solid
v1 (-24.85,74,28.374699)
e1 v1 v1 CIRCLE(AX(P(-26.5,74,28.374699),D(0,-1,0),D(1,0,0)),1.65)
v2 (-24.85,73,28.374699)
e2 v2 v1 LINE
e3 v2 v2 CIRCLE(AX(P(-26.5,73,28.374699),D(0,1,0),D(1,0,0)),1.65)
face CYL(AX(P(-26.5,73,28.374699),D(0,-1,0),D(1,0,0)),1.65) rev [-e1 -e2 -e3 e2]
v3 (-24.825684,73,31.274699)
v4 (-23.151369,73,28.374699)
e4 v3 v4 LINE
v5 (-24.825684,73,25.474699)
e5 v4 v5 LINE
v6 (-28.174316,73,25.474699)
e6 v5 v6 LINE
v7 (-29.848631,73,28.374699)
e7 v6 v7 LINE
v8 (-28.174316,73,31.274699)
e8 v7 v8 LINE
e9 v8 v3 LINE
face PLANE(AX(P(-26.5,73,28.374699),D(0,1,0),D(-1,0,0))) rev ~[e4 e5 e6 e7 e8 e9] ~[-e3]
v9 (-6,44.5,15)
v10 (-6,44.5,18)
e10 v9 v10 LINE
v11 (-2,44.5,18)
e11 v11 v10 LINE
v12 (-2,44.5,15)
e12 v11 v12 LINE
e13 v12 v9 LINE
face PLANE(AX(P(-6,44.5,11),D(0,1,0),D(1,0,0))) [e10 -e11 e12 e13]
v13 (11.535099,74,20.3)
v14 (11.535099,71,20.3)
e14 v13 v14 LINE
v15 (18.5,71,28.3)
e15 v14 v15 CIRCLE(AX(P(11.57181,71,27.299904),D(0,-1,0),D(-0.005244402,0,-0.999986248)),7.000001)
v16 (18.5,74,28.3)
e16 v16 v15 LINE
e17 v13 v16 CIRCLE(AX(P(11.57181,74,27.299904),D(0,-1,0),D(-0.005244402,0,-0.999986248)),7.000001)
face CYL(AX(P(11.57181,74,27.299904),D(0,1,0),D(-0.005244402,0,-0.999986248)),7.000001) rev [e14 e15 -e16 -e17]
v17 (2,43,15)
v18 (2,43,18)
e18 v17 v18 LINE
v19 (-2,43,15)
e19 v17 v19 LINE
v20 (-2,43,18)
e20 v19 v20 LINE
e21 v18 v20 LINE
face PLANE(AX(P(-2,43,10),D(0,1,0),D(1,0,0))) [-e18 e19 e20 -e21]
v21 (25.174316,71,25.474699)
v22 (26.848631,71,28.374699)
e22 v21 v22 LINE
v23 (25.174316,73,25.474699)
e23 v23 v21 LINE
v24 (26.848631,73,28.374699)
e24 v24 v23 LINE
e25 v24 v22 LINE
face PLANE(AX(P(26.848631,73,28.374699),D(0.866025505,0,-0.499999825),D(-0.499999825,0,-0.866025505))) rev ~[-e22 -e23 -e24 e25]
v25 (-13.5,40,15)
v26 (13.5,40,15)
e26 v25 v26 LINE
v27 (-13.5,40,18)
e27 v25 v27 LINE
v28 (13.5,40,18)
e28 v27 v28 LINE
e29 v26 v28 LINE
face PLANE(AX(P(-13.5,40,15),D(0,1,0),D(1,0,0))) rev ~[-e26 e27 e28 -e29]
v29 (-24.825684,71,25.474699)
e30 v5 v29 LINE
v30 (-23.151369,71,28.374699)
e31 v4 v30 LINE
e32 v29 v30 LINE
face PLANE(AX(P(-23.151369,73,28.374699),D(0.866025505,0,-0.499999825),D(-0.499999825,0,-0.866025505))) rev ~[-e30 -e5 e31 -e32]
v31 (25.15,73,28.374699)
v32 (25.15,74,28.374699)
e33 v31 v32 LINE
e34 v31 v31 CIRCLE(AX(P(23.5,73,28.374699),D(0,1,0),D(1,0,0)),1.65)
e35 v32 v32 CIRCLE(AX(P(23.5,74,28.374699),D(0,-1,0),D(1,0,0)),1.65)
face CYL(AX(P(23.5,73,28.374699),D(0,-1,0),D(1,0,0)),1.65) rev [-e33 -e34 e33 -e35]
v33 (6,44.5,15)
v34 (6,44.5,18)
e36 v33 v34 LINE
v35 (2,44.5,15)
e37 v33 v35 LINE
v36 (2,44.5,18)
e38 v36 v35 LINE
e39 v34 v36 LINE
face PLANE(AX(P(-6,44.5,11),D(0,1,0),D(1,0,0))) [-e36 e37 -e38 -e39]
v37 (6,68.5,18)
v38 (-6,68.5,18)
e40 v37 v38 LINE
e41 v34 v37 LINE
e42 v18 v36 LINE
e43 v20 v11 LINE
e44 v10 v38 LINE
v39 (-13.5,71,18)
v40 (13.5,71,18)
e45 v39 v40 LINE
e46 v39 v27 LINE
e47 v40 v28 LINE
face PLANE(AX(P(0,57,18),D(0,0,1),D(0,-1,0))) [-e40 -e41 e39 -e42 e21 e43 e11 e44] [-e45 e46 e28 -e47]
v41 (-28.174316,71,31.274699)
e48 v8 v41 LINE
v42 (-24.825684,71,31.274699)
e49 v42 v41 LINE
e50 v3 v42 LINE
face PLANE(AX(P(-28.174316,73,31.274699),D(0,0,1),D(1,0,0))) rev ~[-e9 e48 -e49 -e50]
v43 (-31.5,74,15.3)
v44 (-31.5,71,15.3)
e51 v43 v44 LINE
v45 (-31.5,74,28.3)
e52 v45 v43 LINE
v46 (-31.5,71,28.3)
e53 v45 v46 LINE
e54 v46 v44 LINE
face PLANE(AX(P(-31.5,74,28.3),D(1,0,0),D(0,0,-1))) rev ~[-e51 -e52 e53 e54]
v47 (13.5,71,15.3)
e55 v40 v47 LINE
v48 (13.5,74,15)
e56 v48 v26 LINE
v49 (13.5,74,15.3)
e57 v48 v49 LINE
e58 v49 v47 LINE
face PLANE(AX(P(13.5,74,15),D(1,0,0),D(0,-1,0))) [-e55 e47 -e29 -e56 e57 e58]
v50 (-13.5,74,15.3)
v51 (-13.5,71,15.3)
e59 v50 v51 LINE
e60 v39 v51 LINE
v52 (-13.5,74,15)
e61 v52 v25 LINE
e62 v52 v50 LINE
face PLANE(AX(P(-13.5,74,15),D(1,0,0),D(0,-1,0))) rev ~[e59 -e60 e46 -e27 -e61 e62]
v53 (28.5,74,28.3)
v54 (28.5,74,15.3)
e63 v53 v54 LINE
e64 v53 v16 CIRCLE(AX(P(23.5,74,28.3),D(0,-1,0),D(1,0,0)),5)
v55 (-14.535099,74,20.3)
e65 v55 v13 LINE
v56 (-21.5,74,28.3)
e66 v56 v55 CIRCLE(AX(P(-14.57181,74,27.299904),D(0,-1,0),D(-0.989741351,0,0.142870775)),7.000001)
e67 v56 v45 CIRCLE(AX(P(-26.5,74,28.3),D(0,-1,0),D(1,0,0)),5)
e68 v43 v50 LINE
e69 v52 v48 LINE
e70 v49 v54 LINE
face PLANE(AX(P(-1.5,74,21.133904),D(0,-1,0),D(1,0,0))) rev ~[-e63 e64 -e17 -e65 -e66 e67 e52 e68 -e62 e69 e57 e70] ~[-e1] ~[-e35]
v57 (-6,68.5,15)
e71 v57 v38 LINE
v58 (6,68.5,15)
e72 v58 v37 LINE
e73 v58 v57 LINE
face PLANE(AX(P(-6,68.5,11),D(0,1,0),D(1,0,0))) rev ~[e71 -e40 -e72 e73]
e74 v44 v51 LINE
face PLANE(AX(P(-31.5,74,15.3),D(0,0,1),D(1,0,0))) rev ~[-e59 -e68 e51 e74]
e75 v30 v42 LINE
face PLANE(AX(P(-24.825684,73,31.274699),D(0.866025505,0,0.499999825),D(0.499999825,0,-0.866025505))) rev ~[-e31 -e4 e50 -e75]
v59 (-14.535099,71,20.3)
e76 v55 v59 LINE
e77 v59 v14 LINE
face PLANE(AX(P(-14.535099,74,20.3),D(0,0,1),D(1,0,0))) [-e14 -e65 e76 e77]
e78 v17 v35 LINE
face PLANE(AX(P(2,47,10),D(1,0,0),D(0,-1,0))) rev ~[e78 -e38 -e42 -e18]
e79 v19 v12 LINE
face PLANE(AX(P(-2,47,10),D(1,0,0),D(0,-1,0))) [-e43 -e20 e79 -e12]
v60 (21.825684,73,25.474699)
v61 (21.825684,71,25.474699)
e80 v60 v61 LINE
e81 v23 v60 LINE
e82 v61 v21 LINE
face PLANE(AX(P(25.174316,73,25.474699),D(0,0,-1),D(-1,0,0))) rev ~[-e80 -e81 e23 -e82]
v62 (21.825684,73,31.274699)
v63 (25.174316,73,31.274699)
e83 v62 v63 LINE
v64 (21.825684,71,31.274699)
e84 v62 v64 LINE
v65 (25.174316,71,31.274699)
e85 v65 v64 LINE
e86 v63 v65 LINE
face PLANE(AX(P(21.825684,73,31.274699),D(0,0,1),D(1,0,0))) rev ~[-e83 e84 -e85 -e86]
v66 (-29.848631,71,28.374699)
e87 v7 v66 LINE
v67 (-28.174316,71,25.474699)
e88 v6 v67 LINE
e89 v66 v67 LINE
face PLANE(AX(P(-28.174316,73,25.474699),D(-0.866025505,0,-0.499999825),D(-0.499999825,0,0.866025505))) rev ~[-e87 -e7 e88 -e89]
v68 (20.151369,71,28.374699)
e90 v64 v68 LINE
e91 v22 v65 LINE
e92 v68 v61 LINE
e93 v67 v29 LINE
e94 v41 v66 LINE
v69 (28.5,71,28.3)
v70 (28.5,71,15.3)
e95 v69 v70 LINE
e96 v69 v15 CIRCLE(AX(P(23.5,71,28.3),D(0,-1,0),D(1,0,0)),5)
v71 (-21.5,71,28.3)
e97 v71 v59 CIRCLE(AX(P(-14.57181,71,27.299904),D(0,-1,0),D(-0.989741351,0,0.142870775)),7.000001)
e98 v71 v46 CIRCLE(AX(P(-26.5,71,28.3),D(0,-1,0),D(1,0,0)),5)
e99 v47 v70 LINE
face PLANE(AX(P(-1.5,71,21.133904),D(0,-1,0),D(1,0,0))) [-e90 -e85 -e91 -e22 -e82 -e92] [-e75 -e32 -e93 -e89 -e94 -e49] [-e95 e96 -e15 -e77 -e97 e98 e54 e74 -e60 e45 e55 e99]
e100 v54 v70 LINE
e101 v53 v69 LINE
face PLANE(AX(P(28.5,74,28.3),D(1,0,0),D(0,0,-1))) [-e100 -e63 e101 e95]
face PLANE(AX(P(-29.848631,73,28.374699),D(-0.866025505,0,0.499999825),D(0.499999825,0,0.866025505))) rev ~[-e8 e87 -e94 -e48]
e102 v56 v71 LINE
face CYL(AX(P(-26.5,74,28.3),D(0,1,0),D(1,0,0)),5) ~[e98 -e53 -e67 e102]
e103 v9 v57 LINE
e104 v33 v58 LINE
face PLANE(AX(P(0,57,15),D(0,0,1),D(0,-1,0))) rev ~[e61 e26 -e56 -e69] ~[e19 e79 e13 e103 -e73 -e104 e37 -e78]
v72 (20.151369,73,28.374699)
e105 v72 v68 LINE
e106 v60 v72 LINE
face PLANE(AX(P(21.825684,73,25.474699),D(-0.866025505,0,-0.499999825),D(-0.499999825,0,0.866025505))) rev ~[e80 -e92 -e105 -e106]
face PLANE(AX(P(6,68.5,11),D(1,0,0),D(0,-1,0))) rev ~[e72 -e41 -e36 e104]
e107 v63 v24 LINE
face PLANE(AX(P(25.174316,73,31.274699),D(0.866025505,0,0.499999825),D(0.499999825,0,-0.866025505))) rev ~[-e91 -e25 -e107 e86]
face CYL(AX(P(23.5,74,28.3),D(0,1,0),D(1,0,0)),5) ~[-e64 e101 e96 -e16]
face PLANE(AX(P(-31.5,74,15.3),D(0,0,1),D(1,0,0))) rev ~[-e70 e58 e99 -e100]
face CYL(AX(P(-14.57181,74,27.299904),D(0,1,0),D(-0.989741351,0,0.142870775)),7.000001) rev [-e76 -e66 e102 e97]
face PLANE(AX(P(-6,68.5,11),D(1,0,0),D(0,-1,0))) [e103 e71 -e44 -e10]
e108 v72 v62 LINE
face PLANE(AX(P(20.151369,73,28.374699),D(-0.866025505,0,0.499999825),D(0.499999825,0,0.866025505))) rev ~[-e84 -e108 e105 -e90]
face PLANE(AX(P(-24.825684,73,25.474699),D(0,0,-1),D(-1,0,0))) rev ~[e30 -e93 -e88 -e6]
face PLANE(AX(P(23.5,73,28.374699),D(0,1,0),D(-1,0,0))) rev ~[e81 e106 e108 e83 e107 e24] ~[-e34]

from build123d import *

# Parameters (mm, degrees)
CYLINDER004_R             = 1.65
CYLINDER004_DEPTH         = 15
CYLINDER004_ROLL_ANGLE    = -90
PAD004_DEPTH              = 2.5
FUSION006_PLACEMENT_ANGLE = 90
CYLINDER005_R             = 1.65
CYLINDER005_DEPTH         = 15
CYLINDER005_ROLL_ANGLE    = -90
PAD002_DEPTH              = 2.5
FUSION005_PLACEMENT_ANGLE = 90
PAD003_DEPTH              = 3
BOX009_W                  = 4
BOX009_H                  = 4
BOX009_DEPTH              = 10
BOX011_W                  = 24
BOX011_H                  = 12
BOX011_DEPTH              = 10
BOX010_W                  = 34
BOX010_H                  = 27
BOX010_DEPTH              = 3
FUSION007_PLACEMENT_ANGLE = -90


with BuildPart() as cylinder004:
    # Cylinder004 → Cylinder004 (new body)
    with BuildSketch(Plane.XY):
        Circle(CYLINDER004_R)
    extrude(amount=CYLINDER004_DEPTH)


with BuildPart() as cylinder004_1:
    # Cylinder004 roll: moved
    add(cylinder004.part.rotate(Axis((0, 0, 0), (1, 0, 0)), CYLINDER004_ROLL_ANGLE))


with BuildPart() as cylinder004_2:
    # Cylinder004 placement: moved
    add(cylinder004_1.part)


with BuildPart() as tuercatal006:
    # Sketch → Pad004 (new body)
    with BuildSketch(Plane.XZ):
        Polygon((-3.348631, 0), (-1.674316, 2.9), (1.674316, 2.9), (3.348631, 0), (1.674316, -2.9), (-1.674316, -2.9), align=None)
    extrude(amount=PAD004_DEPTH)

    # Fusion006: union Cylinder004
    add(cylinder004_2.part)


with BuildPart() as tuercatal006_1:
    # Fusion006 placement: moved
    add(tuercatal006.part.moved(Location((1, -25, 28))).rotate(Axis((1, -25, 28), (0, 0, 1)), FUSION006_PLACEMENT_ANGLE))


with BuildPart() as cylinder005:
    # Cylinder005 → Cylinder005 (new body)
    with BuildSketch(Plane.XY):
        Circle(CYLINDER005_R)
    extrude(amount=CYLINDER005_DEPTH)


with BuildPart() as cylinder005_1:
    # Cylinder005 roll: moved
    add(cylinder005.part.rotate(Axis((0, 0, 0), (1, 0, 0)), CYLINDER005_ROLL_ANGLE))


with BuildPart() as cylinder005_2:
    # Cylinder005 placement: moved
    add(cylinder005_1.part)


with BuildPart() as tuercatal005:
    # Sketch → Pad002 (new body)
    with BuildSketch(Plane.XZ):
        Polygon((-3.348631, 0), (-1.674316, 2.9), (1.674316, 2.9), (3.348631, 0), (1.674316, -2.9), (-1.674316, -2.9), align=None)
    extrude(amount=PAD002_DEPTH)

    # Fusion005: union Cylinder005
    add(cylinder005_2.part)


with BuildPart() as tuercatal005_1:
    # Fusion005 placement: moved
    add(tuercatal005.part.moved(Location((1, 25, 28))).rotate(Axis((1, 25, 28), (0, 0, 1)), FUSION005_PLACEMENT_ANGLE))


with BuildPart() as cut011:
    # Sketch001 → Pad003 (new body)
    with BuildSketch(Plane.YZ):
        with BuildLine():
            Line((-30, 14.925301), (30, 14.925301))
            Line((30, 27.925301), (30, 14.925301))
            ThreePointArc((30, 27.925301), (25, 32.925301), (20, 27.925301))
            ThreePointArc((13.035099, 19.925301), (18.35131, 22.328806), (20, 27.925301))
            Line((-13.035099, 19.925301), (13.035099, 19.925301))
            ThreePointArc((-20, 27.925301), (-18.35131, 22.328806), (-13.035099, 19.925301))
            ThreePointArc((-20, 27.925301), (-25, 32.925301), (-30, 27.925301))
            Line((-30, 27.925301), (-30, 14.925301))
        make_face()
    extrude(amount=PAD003_DEPTH)

    # Cut010: cut TuercaTal005
    add(tuercatal005_1.part, mode=Mode.SUBTRACT)

    # Cut011: cut TuercaTal006
    add(tuercatal006_1.part, mode=Mode.SUBTRACT)


with BuildPart() as cut011_1:
    # Cut011 placement: moved
    add(cut011.part.moved(Location((-17, -1.5, 0.374699))))


with BuildPart() as cubo009:
    # Box009 → Box009 (new body)
    with BuildSketch(Plane(origin=(10, -2, 10), x_dir=(1, 0, 0), z_dir=(0, 0, 1))):
        with Locations((2, 2)):
            Rectangle(BOX009_W, BOX009_H)
    extrude(amount=BOX009_DEPTH)


with BuildPart() as cubo011:
    # Box011 → Box011 (new body)
    with BuildSketch(Plane(origin=(-11.5, -6, 11), x_dir=(1, 0, 0), z_dir=(0, 0, 1))):
        with Locations((12, 6)):
            Rectangle(BOX011_W, BOX011_H)
    extrude(amount=BOX011_DEPTH)


with BuildPart() as portabat:
    # Box010 → Box010 (new body)
    with BuildSketch(Plane(origin=(-17, -13.5, 15), x_dir=(1, 0, 0), z_dir=(0, 0, 1))):
        with Locations((17, 13.5)):
            Rectangle(BOX010_W, BOX010_H)
    extrude(amount=BOX010_DEPTH)

    # Cut012: cut Cubo011
    add(cubo011.part, mode=Mode.SUBTRACT)

    # Cut009: cut Cubo009
    add(cubo009.part, mode=Mode.SUBTRACT)

    # Fusion007: union Cut011
    add(cut011_1.part)


with BuildPart() as portabat_1:
    # Fusion007 placement: moved
    add(portabat.part.moved(Location((0, 57, 0))).rotate(Axis((0, 57, 0), (0, 0, 1)), FUSION007_PLACEMENT_ANGLE))


solid = portabat_1.part
